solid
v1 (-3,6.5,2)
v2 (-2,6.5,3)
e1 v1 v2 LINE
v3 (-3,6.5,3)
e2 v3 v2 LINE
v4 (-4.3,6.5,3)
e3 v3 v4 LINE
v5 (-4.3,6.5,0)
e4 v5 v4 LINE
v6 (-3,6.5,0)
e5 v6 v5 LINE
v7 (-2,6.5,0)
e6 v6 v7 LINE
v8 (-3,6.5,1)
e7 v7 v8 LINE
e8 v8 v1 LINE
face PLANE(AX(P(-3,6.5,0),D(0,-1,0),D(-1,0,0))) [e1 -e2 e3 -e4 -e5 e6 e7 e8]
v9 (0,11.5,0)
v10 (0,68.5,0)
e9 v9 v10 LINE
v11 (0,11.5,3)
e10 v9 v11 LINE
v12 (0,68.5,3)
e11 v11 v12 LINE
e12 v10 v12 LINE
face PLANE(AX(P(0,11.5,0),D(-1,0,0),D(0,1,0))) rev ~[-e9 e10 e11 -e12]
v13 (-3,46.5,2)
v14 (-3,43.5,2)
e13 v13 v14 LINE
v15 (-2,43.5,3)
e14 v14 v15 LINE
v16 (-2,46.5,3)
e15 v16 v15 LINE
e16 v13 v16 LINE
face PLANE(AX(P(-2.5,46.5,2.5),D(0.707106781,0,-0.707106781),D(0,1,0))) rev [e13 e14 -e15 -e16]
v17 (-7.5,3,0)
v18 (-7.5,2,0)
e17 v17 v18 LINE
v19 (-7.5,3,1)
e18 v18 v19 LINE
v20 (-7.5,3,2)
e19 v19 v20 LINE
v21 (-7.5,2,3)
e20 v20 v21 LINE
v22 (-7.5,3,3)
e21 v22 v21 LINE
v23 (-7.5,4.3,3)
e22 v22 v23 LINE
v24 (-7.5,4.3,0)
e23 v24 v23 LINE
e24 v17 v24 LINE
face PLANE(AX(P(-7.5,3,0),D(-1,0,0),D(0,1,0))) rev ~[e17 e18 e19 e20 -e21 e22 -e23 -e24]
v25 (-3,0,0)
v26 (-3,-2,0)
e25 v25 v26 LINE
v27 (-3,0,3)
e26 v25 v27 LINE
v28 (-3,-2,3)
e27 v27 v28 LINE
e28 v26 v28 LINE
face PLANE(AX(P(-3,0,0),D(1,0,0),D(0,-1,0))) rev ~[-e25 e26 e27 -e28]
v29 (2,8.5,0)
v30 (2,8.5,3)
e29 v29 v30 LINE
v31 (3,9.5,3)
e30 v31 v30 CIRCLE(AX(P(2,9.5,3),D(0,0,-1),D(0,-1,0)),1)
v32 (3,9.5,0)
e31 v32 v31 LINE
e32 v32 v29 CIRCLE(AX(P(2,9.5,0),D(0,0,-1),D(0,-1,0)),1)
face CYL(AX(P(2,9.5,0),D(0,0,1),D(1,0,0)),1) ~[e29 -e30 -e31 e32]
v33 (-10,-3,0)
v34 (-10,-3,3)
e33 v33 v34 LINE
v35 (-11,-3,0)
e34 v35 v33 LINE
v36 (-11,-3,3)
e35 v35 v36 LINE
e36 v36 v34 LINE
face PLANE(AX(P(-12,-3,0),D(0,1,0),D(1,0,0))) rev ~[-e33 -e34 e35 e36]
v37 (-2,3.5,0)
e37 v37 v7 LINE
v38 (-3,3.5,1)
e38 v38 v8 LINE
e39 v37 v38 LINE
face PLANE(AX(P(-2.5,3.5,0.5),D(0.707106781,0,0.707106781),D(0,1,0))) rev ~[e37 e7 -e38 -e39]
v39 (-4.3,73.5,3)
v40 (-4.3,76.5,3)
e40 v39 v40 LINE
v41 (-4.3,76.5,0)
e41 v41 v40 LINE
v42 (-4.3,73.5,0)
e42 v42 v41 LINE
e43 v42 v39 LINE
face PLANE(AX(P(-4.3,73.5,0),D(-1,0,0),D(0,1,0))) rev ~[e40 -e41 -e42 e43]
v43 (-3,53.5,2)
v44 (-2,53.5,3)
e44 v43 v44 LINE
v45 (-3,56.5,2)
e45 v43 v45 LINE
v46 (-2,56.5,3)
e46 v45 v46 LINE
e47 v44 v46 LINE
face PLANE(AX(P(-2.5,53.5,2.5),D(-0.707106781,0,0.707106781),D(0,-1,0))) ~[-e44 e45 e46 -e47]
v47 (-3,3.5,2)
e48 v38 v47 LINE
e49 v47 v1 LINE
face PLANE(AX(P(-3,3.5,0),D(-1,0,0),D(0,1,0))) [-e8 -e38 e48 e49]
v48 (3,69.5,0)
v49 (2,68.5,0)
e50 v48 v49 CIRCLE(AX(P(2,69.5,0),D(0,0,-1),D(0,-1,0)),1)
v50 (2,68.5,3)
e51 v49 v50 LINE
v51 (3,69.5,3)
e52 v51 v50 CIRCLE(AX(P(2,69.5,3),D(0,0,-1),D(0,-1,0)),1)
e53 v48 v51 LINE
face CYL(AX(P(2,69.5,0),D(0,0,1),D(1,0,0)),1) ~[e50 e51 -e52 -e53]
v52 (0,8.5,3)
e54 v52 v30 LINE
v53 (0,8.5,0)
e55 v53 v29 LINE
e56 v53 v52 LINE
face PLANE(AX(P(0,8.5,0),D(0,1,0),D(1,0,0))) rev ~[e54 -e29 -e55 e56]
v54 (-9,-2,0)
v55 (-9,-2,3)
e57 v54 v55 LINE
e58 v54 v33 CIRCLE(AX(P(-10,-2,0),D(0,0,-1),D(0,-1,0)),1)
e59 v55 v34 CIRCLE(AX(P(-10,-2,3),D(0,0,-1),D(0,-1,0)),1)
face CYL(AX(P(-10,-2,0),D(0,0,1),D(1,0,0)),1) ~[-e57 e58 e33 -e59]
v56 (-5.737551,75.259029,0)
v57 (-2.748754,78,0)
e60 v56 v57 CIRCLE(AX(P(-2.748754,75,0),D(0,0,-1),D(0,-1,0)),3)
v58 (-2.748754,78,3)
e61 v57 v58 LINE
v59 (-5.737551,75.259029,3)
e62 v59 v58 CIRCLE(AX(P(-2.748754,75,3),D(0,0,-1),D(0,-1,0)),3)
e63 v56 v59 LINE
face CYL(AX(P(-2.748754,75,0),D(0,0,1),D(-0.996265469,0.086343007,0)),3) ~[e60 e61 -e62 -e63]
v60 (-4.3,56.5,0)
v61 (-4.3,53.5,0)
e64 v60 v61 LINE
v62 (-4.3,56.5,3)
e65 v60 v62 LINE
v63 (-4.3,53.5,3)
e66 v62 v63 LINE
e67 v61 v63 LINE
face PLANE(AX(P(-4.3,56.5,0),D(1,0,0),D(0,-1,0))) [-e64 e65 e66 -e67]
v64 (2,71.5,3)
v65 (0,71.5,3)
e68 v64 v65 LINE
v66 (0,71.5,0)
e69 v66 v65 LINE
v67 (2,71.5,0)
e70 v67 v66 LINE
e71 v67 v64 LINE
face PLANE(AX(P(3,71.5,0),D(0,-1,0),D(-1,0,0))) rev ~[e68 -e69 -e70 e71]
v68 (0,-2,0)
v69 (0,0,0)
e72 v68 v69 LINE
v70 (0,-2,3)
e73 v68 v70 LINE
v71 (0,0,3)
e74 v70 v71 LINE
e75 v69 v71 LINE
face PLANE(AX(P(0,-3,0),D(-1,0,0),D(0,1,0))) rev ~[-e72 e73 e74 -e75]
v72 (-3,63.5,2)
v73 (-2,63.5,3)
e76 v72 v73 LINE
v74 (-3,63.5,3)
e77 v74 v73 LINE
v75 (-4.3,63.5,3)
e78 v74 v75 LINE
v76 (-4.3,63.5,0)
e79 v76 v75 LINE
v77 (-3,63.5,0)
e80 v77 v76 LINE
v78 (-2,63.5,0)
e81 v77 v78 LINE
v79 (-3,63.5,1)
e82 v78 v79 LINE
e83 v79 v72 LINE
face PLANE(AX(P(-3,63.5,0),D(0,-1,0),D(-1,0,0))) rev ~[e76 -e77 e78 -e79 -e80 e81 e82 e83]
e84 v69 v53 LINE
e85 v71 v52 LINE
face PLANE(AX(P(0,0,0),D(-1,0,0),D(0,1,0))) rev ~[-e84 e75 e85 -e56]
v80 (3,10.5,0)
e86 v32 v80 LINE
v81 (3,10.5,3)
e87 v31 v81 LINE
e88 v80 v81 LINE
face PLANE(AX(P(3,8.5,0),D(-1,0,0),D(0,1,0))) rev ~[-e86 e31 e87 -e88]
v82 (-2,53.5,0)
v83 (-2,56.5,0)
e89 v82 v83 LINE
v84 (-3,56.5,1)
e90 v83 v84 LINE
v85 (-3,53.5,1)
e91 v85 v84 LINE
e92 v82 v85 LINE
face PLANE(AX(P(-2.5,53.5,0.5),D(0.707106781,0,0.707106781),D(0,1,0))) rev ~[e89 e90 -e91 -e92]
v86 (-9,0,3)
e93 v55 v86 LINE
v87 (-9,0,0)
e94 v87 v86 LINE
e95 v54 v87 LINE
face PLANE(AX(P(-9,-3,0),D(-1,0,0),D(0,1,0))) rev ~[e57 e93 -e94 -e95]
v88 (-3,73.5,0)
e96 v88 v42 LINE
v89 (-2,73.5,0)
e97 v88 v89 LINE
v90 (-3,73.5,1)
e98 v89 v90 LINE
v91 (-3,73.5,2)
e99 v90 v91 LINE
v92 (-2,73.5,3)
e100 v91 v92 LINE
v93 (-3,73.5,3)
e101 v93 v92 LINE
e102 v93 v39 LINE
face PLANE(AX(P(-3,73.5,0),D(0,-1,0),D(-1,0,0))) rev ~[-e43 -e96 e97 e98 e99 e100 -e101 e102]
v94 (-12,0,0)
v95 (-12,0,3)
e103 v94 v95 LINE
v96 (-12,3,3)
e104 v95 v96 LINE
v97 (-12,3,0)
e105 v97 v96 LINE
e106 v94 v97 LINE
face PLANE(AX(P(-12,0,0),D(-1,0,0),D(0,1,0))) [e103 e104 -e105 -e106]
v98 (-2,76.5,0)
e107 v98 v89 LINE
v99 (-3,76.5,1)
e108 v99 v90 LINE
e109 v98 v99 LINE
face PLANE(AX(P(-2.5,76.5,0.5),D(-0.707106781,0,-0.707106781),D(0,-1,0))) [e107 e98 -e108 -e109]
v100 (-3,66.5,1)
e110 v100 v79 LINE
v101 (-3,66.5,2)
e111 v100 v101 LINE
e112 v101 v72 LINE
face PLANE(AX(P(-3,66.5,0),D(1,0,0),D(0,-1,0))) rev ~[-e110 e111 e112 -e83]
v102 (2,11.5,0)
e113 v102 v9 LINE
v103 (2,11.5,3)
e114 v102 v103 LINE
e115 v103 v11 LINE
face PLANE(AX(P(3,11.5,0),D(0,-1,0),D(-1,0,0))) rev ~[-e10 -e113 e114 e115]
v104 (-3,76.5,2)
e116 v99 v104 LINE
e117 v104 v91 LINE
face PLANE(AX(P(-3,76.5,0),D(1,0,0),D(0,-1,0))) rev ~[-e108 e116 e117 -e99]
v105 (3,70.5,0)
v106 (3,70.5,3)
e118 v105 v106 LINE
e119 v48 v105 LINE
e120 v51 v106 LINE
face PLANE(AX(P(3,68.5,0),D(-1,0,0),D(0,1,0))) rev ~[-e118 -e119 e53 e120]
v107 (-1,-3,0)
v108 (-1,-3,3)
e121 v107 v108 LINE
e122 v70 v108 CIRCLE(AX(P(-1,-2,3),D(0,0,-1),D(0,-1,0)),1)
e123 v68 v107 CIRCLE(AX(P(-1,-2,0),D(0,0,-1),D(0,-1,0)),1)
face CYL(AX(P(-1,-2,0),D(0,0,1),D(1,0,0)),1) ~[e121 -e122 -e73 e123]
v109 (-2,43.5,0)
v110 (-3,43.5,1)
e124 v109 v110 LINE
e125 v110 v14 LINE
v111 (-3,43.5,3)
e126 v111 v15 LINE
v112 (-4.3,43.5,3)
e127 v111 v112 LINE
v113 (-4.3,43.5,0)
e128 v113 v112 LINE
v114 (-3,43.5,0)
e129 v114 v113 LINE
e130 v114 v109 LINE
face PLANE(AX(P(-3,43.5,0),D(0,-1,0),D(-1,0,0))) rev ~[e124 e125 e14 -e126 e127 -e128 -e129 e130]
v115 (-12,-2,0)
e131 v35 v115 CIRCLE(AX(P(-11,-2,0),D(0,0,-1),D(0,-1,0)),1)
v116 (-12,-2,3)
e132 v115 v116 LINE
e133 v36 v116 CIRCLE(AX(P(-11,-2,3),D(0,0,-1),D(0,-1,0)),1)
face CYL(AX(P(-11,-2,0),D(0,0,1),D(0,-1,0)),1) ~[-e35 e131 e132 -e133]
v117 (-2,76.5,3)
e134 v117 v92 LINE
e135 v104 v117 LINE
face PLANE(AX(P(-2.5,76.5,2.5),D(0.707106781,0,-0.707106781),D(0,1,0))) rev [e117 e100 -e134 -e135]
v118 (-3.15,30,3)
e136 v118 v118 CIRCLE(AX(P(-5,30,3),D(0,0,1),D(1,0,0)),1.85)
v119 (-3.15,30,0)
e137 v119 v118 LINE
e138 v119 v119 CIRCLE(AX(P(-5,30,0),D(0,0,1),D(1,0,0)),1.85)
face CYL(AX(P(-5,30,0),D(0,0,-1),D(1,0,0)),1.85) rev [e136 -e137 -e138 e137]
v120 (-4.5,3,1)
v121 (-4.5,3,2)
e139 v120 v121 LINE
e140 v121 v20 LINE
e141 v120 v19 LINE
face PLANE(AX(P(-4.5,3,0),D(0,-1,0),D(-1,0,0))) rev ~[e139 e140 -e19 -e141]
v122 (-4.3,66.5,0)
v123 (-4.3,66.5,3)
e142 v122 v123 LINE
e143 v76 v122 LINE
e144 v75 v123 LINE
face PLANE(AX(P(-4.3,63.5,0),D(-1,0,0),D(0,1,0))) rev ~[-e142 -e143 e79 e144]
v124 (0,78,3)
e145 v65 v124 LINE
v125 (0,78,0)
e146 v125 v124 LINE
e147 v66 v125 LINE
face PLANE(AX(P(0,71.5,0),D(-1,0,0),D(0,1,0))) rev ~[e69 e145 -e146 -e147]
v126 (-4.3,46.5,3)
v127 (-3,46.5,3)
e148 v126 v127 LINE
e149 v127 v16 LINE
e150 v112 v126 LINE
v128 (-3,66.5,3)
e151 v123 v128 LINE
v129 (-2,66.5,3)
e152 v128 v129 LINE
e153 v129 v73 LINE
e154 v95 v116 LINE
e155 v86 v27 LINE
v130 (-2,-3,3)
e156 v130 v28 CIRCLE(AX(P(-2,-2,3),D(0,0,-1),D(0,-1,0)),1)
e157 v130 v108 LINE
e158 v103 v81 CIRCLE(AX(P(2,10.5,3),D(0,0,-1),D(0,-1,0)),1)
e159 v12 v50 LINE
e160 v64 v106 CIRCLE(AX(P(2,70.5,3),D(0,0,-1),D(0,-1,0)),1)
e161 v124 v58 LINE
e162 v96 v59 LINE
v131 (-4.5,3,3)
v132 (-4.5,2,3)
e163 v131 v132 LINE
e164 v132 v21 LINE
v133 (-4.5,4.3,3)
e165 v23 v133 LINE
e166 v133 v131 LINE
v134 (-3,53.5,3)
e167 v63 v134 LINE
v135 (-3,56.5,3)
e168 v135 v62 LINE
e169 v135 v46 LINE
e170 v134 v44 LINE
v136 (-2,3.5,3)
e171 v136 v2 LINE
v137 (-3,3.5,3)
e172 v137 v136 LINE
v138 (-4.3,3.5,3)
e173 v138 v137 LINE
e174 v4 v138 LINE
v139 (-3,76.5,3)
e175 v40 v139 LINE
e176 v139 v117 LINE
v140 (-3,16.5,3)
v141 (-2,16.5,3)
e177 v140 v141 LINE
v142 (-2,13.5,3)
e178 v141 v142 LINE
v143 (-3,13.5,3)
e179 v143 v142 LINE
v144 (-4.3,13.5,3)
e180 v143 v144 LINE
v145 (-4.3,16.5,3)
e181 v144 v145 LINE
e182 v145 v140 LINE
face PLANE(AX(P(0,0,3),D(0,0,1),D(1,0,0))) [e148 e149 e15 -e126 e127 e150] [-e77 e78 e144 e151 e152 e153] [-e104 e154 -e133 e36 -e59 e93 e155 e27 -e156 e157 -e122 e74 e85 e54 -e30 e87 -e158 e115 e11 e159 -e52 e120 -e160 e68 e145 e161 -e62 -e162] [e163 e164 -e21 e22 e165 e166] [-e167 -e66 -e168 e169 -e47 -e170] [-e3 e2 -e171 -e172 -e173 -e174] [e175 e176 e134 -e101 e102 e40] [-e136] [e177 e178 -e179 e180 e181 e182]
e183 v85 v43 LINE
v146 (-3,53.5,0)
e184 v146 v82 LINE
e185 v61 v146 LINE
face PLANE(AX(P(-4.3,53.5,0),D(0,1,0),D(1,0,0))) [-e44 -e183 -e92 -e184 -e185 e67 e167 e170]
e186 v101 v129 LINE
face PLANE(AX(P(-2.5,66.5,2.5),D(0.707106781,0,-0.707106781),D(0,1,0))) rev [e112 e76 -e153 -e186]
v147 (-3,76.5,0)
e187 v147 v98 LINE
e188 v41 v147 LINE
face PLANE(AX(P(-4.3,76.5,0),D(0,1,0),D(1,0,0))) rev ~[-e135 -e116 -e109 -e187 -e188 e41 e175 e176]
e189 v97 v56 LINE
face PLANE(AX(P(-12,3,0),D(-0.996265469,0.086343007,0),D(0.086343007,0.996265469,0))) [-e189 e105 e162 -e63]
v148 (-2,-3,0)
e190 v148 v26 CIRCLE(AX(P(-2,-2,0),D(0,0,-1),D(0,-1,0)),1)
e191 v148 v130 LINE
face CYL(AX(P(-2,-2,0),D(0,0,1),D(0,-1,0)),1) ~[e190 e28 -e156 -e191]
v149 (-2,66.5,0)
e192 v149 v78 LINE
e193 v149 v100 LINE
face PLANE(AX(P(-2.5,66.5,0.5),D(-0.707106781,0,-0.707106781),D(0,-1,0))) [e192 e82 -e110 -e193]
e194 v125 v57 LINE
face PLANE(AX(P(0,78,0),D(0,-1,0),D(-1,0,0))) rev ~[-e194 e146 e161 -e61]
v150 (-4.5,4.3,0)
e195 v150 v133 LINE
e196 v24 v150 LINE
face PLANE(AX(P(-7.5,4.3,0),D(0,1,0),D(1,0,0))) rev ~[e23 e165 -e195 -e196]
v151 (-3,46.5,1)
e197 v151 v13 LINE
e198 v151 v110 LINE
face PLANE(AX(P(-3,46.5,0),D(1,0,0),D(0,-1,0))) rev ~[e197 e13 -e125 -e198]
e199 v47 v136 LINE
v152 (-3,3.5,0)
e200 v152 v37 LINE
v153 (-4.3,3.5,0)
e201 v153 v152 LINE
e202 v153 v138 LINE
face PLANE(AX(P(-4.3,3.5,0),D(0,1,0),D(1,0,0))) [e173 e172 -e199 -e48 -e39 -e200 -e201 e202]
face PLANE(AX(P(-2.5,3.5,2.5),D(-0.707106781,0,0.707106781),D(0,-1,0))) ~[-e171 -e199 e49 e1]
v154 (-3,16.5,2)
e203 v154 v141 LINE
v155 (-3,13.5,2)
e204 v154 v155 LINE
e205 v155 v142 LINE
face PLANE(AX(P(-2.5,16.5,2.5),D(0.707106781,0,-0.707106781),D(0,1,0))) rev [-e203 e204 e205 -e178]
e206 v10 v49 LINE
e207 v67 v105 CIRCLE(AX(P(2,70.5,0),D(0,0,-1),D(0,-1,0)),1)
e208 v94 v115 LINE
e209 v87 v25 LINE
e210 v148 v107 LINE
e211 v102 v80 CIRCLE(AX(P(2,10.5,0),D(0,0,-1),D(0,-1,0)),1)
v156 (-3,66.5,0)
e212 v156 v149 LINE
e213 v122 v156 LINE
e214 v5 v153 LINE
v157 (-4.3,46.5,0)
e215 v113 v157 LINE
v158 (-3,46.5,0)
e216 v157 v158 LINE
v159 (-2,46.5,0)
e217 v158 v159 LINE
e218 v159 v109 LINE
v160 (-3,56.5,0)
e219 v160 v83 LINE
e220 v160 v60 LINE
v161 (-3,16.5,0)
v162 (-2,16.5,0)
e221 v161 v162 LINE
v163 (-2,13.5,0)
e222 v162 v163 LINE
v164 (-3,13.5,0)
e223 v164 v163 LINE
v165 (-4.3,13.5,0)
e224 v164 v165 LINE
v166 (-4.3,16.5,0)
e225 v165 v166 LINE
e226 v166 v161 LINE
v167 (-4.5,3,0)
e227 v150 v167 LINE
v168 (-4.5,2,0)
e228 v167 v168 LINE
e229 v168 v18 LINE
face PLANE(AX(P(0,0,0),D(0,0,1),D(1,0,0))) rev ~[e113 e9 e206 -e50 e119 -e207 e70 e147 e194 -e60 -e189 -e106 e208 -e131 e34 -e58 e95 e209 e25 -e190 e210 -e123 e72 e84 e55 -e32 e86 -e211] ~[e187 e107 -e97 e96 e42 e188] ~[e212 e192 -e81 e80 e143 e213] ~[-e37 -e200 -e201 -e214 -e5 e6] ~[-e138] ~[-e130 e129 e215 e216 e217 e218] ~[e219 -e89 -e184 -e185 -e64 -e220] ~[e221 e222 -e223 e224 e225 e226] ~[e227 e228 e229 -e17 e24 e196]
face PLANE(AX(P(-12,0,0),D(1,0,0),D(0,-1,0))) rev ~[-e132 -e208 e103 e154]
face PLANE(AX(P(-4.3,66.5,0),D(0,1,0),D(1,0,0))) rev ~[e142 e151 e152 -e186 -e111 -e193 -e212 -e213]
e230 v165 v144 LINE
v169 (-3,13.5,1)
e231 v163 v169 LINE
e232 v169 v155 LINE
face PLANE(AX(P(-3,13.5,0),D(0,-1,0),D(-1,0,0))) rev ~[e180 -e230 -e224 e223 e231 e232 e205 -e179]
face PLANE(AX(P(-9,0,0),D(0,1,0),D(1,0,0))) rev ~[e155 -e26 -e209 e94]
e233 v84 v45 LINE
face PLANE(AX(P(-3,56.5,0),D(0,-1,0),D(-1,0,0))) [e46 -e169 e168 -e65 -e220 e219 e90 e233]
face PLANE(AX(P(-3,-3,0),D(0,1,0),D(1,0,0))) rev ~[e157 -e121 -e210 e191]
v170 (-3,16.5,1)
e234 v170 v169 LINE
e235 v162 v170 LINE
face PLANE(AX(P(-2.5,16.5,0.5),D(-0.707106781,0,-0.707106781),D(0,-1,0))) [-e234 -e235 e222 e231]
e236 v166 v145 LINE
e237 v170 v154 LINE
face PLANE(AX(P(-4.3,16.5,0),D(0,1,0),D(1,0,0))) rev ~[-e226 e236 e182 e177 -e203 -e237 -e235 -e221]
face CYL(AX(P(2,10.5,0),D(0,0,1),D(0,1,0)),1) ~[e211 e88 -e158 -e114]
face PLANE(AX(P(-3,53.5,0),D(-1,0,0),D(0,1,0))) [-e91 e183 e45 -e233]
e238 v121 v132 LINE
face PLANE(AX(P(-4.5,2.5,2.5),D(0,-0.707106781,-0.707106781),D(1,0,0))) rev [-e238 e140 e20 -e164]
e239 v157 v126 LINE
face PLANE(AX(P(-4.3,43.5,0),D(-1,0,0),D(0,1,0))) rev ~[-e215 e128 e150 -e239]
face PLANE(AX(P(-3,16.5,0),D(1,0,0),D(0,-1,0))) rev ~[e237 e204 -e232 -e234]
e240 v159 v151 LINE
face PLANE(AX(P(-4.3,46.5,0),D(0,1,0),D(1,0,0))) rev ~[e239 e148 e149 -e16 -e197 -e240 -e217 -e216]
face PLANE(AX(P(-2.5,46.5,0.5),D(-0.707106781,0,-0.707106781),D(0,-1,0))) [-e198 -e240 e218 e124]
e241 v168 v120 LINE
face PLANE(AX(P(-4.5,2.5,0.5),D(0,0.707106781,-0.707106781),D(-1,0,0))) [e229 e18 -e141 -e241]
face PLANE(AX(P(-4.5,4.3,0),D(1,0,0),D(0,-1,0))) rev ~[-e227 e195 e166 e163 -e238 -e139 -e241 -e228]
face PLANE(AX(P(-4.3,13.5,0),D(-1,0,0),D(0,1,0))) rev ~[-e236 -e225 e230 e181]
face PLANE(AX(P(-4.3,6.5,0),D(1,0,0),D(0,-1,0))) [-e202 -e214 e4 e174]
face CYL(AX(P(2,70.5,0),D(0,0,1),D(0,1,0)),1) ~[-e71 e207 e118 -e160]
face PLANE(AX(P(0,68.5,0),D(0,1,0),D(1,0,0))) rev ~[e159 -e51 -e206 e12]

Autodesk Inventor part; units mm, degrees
ref_plane "YZ Plane" through (0, 0, 0) normal (1, 0, 0) x (0, 1, 0)
ref_plane "XZ Plane" through (0, 0, 0) normal (0, 1, 0) x (-1, 0, 0)
ref_plane "XY Plane" through (0, 0, 0) normal (0, 0, 1) x (1, 0, 0)
sketch "Sketch1" plane through (0, 0, 0) normal (0, 0, 1) x (1, 0, 0)
  line L0 (0, 0) -> (0, 8.5)
  line L1 (0, 8.5) -> (3, 8.5)
  line L2 (3, 8.5) -> (3, 11.5)
  line L3 (3, 11.5) -> (0, 11.5)
  line L4 (0, 11.5) -> (0, 68.5)
  line L5 (0, 68.5) -> (3, 68.5)
  line L6 (3, 68.5) -> (3, 71.5)
  line L7 (3, 71.5) -> (0, 71.5)
  line L8 (0, 71.5) -> (0, 78)
  line L9 (-12, 0) -> (-12, -3)
  line L10 (-12, -3) -> (-9, -3)
  line L11 (-9, -3) -> (-9, 0)
  line L12 (-9, 0) -> (-3, 0)
  line L13 (-3, 0) -> (-3, -3)
  line L14 (-3, -3) -> (0, -3)
  line L15 (0, -3) -> (0, 0)
  line L16 (0, 78) -> (-5.5, 78)
  line L17 (-12, 0) -> (-12, 3)
  line L18 (-12, 3) -> (-5.5, 78)
  line L19 (-15, 0) -> (6, 0) construction
  line L20 (3, 10) -> (0, 10) construction
  line L21 (3, 70) -> (0, 70) construction
  line L22 (-4.3, 76.5) -> (-3, 76.5)
  line L23 (-3, 76.5) -> (-3, 73.5)
  line L24 (-3, 73.5) -> (-4.3, 73.5)
  line L25 (-4.3, 73.5) -> (-4.3, 76.5)
  line L26 (-4.3, 75) -> (-3, 75) construction
  line L27 (-7.5, 4.3) -> (-4.5, 4.3)
  line L28 (-4.5, 4.3) -> (-4.5, 3)
  line L29 (-4.5, 3) -> (-7.5, 3)
  line L30 (-7.5, 3) -> (-7.5, 4.3)
  line L31 (-6, 3) -> (-6, 0) construction
  line L32 (-4.3, 66.5) -> (-3, 66.5)
  line L33 (-3, 66.5) -> (-3, 63.5)
  line L34 (-3, 63.5) -> (-4.3, 63.5)
  line L35 (-4.3, 63.5) -> (-4.3, 66.5)
  line L36 (-4.3, 65) -> (-3, 65) construction
  line L37 (-4.3, 16.5) -> (-3, 16.5)
  line L38 (-3, 16.5) -> (-3, 13.5)
  line L39 (-3, 13.5) -> (-4.3, 13.5)
  line L40 (-4.3, 13.5) -> (-4.3, 16.5)
  line L41 (-4.3, 15) -> (-3, 15) construction
  line L42 (-3, 6.5) -> (-4.3, 6.5)
  line L43 (-4.3, 5) -> (-3, 5) construction
  line L44 (-3, 3.5) -> (-3, 6.5)
  line L45 (-4.3, 3.5) -> (-3, 3.5)
  line L46 (-4.3, 6.5) -> (-4.3, 3.5)
  line L47 (0, 50) -> (-3, 50) construction
  line L48 (-4.3, 53.5) -> (-3, 53.5)
  line L49 (-3, 53.5) -> (-3, 56.5)
  line L50 (-3, 56.5) -> (-4.3, 56.5)
  line L51 (-4.3, 56.5) -> (-4.3, 53.5)
  line L52 (-4.3, 55) -> (-3, 55) construction
  line L53 (-4.3, 46.5) -> (-3, 46.5)
  line L54 (-3, 46.5) -> (-3, 43.5)
  line L55 (-3, 43.5) -> (-4.3, 43.5)
  line L56 (-4.3, 43.5) -> (-4.3, 46.5)
  line L57 (-4.3, 45) -> (-3, 45) construction
  circle A0 centre (-5, 30) radius 1.85
  dimension "d0" = 3
  dimension "d1" = 12
  dimension "d2" = 3
  dimension "d3" = 10
  dimension "d4" = 60
  dimension "d5" = 5.5
  dimension "d6" = 3
  dimension "d7" = 1.3
  dimension "d8" = 3
  dimension "d9" = 5
  dimension "d10" = 3
  dimension "d11" = 1.3
  dimension "d12" = 3
  dimension "d13" = 3
  dimension "d14" = 3
  dimension "d15" = 1.3
  dimension "d16" = 5
  dimension "d17" = 3
  dimension "d18" = 1.3
  dimension "d19" = 5
  dimension "d29" = 5
  dimension "d30" = 50
  dimension "d31" = 3.7
  dimension "d32" = 5
  dimension "d33" = 30
extrude "Extrusion1" add sketch "Sketch1" along normal blind 3
fillet "Fillet1" radius 1 8 edges at (3, 11.5, 1.5) (3, 8.5, 1.5) (0, -3, 1.5) (-3, -3, 1.5) (-9, -3, 1.5) (-12, -3, 1.5) (3, 68.5, 1.5) (3, 71.5, 1.5)
fillet "Fillet2" radius 3 1 edges at (-5.5, 78, 1.5)
fillet "Fillet2" radius 20 1 edges at (-12, 3, 1.5)
chamfer "Chamfer1" distance 1 angle 45 14 edges at (-6, 3, 3) (-6, 3, 0) (-3, 15, 3) (-3, 15, 0) (-3, 65, 3) (-3, 65, 0) (-3, 75, 3) (-3, 75, 0) (-3, 5, 3) (-3, 5, 0) (-3, 45, 0) (-3, 45, 3) (-3, 55, 0) (-3, 55, 3)
properties part number "turtlebot_installation_fin_bottom"
